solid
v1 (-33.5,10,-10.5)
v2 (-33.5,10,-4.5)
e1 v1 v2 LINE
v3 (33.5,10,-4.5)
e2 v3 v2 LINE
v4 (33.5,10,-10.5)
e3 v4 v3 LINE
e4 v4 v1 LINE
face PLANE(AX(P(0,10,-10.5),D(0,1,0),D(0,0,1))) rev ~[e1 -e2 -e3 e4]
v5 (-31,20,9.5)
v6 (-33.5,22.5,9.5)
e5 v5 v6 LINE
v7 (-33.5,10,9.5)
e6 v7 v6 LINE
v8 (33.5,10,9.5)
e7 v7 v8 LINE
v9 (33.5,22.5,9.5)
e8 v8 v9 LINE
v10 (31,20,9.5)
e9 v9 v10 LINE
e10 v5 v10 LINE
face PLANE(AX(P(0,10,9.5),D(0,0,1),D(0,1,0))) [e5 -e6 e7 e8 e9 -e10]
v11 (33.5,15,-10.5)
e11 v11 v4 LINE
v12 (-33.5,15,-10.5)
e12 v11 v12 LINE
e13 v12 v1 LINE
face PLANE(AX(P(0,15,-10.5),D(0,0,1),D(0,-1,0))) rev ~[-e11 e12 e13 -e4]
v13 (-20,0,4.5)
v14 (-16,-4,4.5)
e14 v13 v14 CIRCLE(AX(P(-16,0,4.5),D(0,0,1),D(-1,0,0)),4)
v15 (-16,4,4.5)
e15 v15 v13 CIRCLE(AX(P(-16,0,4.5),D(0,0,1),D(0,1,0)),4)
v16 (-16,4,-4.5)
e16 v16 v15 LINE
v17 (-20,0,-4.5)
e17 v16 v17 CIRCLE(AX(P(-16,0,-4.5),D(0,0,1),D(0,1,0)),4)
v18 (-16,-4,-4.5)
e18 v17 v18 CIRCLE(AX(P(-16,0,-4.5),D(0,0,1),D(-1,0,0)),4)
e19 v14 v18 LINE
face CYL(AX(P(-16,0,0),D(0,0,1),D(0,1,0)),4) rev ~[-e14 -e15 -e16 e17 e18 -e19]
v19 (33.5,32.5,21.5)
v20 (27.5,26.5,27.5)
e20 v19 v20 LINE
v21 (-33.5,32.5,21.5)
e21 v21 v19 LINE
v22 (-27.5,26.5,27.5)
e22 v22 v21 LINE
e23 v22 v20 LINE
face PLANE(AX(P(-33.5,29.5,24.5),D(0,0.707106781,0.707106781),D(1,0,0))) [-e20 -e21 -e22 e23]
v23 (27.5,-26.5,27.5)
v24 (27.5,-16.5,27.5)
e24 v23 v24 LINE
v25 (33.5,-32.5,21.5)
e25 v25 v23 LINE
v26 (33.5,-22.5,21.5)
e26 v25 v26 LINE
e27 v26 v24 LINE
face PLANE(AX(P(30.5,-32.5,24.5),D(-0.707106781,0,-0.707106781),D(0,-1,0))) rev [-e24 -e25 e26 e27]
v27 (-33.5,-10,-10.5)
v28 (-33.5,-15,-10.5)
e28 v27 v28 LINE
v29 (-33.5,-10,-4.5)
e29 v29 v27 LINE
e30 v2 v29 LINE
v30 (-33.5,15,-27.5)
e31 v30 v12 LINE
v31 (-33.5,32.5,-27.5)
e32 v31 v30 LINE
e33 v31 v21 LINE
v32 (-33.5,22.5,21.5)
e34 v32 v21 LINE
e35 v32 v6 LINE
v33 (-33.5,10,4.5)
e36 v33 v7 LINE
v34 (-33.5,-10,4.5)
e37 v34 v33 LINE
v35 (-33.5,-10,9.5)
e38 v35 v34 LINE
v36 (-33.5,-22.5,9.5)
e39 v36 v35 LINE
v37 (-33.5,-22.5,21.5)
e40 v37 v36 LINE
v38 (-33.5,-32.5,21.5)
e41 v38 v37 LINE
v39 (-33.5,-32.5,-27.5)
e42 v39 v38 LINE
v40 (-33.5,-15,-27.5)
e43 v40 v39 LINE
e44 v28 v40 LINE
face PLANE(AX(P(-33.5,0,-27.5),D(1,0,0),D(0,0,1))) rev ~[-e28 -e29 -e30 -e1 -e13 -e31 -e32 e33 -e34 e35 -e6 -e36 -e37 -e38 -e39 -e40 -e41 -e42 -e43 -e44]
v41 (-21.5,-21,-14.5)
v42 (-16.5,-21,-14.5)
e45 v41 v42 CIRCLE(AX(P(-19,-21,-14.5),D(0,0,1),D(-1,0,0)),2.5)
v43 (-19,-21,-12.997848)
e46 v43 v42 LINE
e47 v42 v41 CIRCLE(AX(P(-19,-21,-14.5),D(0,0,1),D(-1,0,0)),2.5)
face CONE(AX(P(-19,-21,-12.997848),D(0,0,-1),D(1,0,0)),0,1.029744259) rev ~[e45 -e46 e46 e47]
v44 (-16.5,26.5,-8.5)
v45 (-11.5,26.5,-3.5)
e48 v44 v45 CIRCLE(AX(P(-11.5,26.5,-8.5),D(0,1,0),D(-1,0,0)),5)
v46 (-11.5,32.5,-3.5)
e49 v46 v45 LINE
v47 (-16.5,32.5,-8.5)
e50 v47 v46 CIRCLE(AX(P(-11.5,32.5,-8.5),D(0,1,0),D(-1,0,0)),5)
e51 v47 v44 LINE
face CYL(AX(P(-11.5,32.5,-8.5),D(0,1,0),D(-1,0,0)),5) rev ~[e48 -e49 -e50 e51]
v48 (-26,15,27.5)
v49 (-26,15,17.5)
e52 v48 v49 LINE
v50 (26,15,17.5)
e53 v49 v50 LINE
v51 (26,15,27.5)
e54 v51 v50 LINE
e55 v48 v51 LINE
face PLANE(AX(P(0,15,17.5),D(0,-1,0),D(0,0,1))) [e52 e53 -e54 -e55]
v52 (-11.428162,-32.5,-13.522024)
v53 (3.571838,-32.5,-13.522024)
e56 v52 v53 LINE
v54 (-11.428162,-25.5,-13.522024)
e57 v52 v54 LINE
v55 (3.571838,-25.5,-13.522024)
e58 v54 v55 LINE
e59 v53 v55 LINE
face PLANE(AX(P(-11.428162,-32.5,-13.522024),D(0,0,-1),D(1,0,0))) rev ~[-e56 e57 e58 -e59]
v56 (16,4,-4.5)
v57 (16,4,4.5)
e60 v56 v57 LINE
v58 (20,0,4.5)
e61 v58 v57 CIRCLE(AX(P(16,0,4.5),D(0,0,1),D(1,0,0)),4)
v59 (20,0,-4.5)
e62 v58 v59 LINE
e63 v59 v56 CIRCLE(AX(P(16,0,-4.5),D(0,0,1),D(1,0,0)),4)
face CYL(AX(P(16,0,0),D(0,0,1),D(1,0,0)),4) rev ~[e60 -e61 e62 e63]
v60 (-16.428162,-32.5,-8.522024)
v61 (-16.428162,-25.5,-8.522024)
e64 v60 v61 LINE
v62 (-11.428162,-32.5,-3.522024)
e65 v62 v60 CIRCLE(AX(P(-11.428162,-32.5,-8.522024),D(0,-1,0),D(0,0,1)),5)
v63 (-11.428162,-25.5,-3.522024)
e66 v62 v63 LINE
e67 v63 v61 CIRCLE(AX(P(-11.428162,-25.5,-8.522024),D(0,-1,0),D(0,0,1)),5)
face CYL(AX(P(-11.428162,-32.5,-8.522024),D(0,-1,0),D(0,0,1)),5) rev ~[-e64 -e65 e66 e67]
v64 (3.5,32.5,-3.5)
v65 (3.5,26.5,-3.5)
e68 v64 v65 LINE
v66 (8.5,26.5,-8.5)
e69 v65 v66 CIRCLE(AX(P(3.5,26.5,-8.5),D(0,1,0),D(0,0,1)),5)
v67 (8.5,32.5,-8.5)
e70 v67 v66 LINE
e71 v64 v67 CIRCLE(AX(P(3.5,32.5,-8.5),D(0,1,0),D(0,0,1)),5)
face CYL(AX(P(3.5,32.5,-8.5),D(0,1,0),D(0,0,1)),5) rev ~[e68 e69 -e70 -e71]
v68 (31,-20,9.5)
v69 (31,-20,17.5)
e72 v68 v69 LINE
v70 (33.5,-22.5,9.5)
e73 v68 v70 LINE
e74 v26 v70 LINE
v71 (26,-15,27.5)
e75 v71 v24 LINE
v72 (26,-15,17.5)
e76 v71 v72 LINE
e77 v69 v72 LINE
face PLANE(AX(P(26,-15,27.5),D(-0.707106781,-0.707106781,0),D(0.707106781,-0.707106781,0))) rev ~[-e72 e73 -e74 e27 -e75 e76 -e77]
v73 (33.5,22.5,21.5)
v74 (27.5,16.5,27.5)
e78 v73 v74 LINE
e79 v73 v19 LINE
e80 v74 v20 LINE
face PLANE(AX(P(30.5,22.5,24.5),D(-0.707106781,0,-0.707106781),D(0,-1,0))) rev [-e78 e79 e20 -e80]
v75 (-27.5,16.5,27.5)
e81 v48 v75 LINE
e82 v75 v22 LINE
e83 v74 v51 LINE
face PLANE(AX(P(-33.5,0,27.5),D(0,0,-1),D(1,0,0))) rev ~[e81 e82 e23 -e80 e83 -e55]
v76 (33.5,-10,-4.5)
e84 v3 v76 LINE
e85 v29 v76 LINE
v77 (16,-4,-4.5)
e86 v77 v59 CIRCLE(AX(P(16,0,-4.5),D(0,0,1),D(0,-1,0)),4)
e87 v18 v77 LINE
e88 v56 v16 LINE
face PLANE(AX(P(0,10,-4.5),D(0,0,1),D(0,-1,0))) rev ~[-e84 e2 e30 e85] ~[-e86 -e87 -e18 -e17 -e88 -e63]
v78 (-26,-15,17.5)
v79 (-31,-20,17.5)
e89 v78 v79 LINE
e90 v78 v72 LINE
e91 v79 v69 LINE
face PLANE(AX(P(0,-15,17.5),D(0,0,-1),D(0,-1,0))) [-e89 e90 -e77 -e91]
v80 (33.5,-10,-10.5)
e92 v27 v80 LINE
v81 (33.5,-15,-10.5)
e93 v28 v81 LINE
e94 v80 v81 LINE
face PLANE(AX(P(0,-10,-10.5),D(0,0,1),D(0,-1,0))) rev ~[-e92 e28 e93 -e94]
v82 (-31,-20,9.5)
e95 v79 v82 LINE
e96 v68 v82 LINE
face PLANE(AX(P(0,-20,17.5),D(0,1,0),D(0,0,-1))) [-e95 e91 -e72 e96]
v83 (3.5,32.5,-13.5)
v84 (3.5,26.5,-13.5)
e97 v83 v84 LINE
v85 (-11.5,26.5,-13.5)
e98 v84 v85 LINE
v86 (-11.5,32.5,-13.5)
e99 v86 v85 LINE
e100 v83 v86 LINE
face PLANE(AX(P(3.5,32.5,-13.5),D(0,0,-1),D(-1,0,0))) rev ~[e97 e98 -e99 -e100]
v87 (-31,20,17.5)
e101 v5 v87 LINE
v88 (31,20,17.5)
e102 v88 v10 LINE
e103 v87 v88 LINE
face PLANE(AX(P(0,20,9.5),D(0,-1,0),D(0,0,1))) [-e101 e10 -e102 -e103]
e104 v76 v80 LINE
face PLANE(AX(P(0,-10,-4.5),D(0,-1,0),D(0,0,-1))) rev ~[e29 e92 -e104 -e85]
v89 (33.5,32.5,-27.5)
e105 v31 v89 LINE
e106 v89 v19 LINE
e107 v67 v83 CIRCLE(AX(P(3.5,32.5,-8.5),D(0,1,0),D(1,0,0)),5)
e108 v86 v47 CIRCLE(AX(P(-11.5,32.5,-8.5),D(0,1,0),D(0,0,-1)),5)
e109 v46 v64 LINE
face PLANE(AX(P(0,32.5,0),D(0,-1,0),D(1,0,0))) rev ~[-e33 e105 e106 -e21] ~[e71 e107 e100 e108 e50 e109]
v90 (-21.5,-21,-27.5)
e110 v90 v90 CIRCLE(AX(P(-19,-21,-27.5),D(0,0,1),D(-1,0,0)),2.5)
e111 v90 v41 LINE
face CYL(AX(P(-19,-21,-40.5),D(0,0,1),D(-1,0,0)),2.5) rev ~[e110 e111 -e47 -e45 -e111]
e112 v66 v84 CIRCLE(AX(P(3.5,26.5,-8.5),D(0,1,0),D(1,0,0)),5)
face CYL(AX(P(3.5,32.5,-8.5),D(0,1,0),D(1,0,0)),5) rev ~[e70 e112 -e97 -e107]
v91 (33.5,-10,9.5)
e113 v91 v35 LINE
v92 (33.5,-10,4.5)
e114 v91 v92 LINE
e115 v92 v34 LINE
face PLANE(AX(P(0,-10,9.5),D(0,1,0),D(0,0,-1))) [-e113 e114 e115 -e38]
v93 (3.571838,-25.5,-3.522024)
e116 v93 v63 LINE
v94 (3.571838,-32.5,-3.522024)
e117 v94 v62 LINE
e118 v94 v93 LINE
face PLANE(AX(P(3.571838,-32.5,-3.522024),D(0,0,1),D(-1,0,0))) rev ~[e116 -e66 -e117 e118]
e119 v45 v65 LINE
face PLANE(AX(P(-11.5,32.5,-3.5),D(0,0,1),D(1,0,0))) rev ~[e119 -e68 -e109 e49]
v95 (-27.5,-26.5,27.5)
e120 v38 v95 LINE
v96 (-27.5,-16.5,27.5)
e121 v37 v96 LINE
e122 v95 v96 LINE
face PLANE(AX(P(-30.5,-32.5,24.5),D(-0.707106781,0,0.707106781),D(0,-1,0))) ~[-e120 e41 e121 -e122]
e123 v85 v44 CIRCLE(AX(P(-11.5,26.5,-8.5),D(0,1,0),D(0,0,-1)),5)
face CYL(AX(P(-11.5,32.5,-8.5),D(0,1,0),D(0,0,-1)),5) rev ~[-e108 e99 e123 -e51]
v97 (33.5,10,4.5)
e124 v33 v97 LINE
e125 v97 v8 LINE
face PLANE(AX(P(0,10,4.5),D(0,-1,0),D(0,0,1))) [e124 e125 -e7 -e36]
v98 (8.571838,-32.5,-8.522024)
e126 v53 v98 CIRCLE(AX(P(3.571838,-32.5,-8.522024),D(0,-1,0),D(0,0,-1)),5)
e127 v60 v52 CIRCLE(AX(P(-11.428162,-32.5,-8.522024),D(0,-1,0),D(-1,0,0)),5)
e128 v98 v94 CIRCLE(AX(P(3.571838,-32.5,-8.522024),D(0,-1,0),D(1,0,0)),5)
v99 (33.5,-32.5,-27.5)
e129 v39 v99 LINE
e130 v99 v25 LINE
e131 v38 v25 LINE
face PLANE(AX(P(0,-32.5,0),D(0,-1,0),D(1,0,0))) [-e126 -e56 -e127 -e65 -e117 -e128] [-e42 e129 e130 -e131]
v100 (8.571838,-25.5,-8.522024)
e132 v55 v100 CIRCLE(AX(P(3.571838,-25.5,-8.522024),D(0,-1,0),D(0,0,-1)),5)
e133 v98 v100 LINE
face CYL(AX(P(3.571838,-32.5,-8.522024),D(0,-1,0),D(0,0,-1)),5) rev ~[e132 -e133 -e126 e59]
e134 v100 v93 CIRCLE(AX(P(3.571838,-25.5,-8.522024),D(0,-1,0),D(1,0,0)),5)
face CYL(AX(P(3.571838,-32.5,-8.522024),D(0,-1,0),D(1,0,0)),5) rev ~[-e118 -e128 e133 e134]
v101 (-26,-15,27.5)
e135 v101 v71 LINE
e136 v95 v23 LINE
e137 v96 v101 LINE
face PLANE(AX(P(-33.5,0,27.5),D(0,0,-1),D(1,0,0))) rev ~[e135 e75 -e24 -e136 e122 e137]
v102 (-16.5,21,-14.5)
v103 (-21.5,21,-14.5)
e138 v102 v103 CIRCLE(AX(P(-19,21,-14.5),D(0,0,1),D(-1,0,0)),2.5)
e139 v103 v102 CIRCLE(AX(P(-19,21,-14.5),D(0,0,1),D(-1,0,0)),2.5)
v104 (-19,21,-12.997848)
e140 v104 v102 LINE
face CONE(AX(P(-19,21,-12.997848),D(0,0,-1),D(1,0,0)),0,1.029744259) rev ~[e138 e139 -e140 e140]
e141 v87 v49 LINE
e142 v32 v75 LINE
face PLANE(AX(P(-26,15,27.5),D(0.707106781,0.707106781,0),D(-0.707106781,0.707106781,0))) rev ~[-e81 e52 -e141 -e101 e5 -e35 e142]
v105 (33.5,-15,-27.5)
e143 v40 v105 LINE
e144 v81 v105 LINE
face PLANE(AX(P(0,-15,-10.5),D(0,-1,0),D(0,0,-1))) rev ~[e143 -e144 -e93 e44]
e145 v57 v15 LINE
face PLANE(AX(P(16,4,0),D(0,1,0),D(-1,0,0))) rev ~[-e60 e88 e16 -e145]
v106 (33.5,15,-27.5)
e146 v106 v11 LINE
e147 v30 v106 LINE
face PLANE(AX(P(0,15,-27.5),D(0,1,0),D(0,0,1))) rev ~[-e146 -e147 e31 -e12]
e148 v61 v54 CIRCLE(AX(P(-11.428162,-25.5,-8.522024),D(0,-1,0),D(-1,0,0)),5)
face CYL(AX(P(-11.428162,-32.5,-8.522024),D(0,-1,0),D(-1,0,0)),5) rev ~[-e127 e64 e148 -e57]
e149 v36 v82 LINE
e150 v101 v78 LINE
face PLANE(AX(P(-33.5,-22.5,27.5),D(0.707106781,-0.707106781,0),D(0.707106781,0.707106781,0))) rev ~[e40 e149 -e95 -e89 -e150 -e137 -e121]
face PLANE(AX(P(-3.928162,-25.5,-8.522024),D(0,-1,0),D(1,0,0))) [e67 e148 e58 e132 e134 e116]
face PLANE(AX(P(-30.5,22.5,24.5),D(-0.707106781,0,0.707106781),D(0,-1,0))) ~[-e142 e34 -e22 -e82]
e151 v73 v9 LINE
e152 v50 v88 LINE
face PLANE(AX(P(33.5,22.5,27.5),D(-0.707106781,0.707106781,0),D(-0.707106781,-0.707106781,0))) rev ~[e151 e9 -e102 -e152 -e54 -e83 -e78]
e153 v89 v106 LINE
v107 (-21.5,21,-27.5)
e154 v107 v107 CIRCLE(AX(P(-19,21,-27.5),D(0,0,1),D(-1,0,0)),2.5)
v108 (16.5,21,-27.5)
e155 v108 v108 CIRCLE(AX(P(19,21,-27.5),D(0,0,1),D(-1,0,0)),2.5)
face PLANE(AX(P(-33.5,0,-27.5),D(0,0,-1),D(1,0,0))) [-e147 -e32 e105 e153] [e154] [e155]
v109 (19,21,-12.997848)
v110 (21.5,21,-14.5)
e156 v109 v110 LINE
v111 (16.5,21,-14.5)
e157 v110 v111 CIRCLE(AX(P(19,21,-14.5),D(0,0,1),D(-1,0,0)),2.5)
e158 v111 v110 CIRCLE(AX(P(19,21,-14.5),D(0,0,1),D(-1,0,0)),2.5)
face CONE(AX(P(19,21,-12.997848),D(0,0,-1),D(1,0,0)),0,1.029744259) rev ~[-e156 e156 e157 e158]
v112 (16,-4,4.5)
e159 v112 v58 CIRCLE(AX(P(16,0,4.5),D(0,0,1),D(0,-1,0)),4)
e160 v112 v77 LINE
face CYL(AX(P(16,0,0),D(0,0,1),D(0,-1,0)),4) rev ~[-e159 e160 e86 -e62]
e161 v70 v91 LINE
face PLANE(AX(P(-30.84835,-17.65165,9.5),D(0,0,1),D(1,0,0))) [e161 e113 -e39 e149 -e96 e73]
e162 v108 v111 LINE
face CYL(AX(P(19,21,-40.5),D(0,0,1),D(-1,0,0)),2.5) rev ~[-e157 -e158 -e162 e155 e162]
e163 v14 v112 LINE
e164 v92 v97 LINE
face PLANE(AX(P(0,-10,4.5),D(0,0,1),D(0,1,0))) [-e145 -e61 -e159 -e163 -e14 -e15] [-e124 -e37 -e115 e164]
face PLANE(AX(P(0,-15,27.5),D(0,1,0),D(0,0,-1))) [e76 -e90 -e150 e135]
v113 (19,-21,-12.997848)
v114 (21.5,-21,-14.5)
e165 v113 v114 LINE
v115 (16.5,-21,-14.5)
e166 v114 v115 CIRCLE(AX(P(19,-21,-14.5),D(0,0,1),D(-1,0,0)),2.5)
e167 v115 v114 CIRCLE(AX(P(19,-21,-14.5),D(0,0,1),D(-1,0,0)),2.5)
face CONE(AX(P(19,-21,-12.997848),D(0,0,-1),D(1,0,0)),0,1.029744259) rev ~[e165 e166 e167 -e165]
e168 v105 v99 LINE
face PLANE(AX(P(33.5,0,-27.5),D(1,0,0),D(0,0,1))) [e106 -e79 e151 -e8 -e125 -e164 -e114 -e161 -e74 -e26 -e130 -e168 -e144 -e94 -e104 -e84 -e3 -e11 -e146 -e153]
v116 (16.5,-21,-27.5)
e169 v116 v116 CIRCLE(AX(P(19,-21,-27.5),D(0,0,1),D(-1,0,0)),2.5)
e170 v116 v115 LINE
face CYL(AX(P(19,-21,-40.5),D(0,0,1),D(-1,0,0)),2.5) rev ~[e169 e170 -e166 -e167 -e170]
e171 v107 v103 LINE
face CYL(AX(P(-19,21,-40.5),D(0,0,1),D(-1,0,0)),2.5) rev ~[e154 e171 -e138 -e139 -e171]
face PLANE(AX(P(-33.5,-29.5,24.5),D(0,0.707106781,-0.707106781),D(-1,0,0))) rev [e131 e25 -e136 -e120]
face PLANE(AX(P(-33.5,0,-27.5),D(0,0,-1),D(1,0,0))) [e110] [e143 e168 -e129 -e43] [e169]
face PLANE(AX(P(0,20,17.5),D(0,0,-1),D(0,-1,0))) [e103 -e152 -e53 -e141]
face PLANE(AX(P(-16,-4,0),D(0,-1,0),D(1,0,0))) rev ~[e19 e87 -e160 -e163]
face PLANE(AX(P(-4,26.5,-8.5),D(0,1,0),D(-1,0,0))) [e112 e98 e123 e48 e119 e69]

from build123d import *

# Parameters (mm, degrees)
F0_W      = 67
F0_H      = 55
F1_DEPTH  = 32.5
F3_DEPTH  = 33.5
F5_DEPTH  = 4.5
F8_DEPTH  = 6
F9_DEPTH  = 7
F11_D     = 5
F11_DEPTH = 13
F11_TIP   = 1.5021515476
F13_DEPTH = 18
F14_SIZE  = 6


with BuildPart() as f1:
    # F0 (on Front) → F1 (new body, symmetric)
    with BuildSketch(Plane.XZ):
        Rectangle(F0_W, F0_H)
    extrude(amount=F1_DEPTH, both=True)

    # F2 (on Right) → F3 (cut, symmetric)
    with BuildSketch(Plane.YZ):
        Polygon((-10, 4.5), (0, 4.5), (0, 27.5), (-15, 27.5), (-15, 17.5), (-20, 17.5), (-20, 9.5), (-10, 9.5), align=None)
        Polygon((0, 27.5), (0, 4.5), (10, 4.5), (10, 9.5), (20, 9.5), (20, 17.5), (15, 17.5), (15, 27.5), align=None)
        Polygon((10, -4.5), (0, -4.5), (0, -27.5), (15, -27.5), (15, -10.5), (10, -10.5), align=None)
        Polygon((0, -27.5), (0, -4.5), (-10, -4.5), (-10, -10.5), (-15, -10.5), (-15, -27.5), align=None)
    extrude(amount=F3_DEPTH, both=True, mode=Mode.SUBTRACT)

    # F4 (on Top) → F5 (cut, symmetric)
    with BuildSketch(Plane.XY):
        with BuildLine():
            ThreePointArc((20, 0), (18.8284271247, 2.8284271247), (16, 4))
            Line((16, 4), (-16, 4))
            ThreePointArc((-16, 4), (-18.8284271247, 2.8284271247), (-20, 0))
            ThreePointArc((-20, 0), (-18.8284271247, -2.8284271247), (-16, -4))
            Line((-16, -4), (16, -4))
            ThreePointArc((16, -4), (18.8284271247, -2.8284271247), (20, 0))
        make_face()
    extrude(amount=F5_DEPTH, both=True, mode=Mode.SUBTRACT)

    # F7 (on face) → F8 (cut)
    with BuildSketch(Plane(origin=(0, 32.5, 0), x_dir=(-1, 0, 0), z_dir=(0, 1, 0))):
        with BuildLine():
            Line((0, -3.5), (-3.5, -3.5))
            ThreePointArc((-3.5, -3.5), (-7.0355339059, -4.9644660941), (-8.5, -8.5))
            ThreePointArc((-8.5, -8.5), (-7.0355339059, -12.0355339059), (-3.5, -13.5))
            Line((-3.5, -13.5), (11.5, -13.5))
            ThreePointArc((11.5, -13.5), (15.0355339059, -12.0355339059), (16.5, -8.5))
            ThreePointArc((16.5, -8.5), (15.0355339059, -4.9644660941), (11.5, -3.5))
            Line((11.5, -3.5), (0, -3.5))
        make_face()
    extrude(amount=-F8_DEPTH, mode=Mode.SUBTRACT)

    # F6 (on face) → F9 (cut)
    with BuildSketch(Plane.XZ.offset(32.5)):
        with BuildLine():
            Line((0, -3.5220243782), (-11.4281616919, -3.5220243782))
            ThreePointArc((-11.4281616919, -3.5220243782), (-14.9636955978, -4.9864904722), (-16.4281616919, -8.5220243782))
            ThreePointArc((-16.4281616919, -8.5220243782), (-14.9636955978, -12.0575582841), (-11.4281616919, -13.5220243782))
            Line((-11.4281616919, -13.5220243782), (3.5718383081, -13.5220243782))
            ThreePointArc((3.5718383081, -13.5220243782), (7.1073722141, -12.0575582841), (8.5718383081, -8.5220243782))
            ThreePointArc((8.5718383081, -8.5220243782), (7.1073722141, -4.9864904722), (3.5718383081, -3.5220243782))
            Line((3.5718383081, -3.5220243782), (0, -3.5220243782))
        make_face()
    extrude(amount=-F9_DEPTH, mode=Mode.SUBTRACT)

    # F11
    with Locations(Plane(origin=(0, 0, -27.5), x_dir=(1, 0, 0), z_dir=(0, 0, -1))):
        with Locations((-19, -21), (-19, 21), (19, 21), (19, -21)):
            Hole(F11_D / 2, depth=F11_DEPTH)
            with Locations((0, 0, -(F11_DEPTH + F11_TIP / 2))):  # 118° drill point
                Cone(0, F11_D / 2, F11_TIP, mode=Mode.SUBTRACT)

    # F12 (on face) → F13 (cut)
    with BuildSketch(Plane.XY.offset(27.5)):
        Polygon((-33.5, 15), (-26, 15), (-33.5, 22.5), align=None)
        Polygon((33.5, 22.5), (26, 15), (33.5, 15), align=None)
        Polygon((26, -15), (33.5, -22.5), (33.5, -15), align=None)
        Polygon((-33.5, -15), (-33.5, -22.5), (-26, -15), align=None)
    extrude(amount=-F13_DEPTH, mode=Mode.SUBTRACT)

    # F14
    f14_edges = [f1.edges().sort_by_distance(p)[0] for p in [
        (33.5, -27.5, 27.5),
        (0, -32.5, 27.5),
        (-33.5, -27.5, 27.5),
        (33.5, 27.5, 27.5),
        (0, 32.5, 27.5),
        (-33.5, 27.5, 27.5),
    ]]
    chamfer(f14_edges, length=F14_SIZE)


solid = f1.part
